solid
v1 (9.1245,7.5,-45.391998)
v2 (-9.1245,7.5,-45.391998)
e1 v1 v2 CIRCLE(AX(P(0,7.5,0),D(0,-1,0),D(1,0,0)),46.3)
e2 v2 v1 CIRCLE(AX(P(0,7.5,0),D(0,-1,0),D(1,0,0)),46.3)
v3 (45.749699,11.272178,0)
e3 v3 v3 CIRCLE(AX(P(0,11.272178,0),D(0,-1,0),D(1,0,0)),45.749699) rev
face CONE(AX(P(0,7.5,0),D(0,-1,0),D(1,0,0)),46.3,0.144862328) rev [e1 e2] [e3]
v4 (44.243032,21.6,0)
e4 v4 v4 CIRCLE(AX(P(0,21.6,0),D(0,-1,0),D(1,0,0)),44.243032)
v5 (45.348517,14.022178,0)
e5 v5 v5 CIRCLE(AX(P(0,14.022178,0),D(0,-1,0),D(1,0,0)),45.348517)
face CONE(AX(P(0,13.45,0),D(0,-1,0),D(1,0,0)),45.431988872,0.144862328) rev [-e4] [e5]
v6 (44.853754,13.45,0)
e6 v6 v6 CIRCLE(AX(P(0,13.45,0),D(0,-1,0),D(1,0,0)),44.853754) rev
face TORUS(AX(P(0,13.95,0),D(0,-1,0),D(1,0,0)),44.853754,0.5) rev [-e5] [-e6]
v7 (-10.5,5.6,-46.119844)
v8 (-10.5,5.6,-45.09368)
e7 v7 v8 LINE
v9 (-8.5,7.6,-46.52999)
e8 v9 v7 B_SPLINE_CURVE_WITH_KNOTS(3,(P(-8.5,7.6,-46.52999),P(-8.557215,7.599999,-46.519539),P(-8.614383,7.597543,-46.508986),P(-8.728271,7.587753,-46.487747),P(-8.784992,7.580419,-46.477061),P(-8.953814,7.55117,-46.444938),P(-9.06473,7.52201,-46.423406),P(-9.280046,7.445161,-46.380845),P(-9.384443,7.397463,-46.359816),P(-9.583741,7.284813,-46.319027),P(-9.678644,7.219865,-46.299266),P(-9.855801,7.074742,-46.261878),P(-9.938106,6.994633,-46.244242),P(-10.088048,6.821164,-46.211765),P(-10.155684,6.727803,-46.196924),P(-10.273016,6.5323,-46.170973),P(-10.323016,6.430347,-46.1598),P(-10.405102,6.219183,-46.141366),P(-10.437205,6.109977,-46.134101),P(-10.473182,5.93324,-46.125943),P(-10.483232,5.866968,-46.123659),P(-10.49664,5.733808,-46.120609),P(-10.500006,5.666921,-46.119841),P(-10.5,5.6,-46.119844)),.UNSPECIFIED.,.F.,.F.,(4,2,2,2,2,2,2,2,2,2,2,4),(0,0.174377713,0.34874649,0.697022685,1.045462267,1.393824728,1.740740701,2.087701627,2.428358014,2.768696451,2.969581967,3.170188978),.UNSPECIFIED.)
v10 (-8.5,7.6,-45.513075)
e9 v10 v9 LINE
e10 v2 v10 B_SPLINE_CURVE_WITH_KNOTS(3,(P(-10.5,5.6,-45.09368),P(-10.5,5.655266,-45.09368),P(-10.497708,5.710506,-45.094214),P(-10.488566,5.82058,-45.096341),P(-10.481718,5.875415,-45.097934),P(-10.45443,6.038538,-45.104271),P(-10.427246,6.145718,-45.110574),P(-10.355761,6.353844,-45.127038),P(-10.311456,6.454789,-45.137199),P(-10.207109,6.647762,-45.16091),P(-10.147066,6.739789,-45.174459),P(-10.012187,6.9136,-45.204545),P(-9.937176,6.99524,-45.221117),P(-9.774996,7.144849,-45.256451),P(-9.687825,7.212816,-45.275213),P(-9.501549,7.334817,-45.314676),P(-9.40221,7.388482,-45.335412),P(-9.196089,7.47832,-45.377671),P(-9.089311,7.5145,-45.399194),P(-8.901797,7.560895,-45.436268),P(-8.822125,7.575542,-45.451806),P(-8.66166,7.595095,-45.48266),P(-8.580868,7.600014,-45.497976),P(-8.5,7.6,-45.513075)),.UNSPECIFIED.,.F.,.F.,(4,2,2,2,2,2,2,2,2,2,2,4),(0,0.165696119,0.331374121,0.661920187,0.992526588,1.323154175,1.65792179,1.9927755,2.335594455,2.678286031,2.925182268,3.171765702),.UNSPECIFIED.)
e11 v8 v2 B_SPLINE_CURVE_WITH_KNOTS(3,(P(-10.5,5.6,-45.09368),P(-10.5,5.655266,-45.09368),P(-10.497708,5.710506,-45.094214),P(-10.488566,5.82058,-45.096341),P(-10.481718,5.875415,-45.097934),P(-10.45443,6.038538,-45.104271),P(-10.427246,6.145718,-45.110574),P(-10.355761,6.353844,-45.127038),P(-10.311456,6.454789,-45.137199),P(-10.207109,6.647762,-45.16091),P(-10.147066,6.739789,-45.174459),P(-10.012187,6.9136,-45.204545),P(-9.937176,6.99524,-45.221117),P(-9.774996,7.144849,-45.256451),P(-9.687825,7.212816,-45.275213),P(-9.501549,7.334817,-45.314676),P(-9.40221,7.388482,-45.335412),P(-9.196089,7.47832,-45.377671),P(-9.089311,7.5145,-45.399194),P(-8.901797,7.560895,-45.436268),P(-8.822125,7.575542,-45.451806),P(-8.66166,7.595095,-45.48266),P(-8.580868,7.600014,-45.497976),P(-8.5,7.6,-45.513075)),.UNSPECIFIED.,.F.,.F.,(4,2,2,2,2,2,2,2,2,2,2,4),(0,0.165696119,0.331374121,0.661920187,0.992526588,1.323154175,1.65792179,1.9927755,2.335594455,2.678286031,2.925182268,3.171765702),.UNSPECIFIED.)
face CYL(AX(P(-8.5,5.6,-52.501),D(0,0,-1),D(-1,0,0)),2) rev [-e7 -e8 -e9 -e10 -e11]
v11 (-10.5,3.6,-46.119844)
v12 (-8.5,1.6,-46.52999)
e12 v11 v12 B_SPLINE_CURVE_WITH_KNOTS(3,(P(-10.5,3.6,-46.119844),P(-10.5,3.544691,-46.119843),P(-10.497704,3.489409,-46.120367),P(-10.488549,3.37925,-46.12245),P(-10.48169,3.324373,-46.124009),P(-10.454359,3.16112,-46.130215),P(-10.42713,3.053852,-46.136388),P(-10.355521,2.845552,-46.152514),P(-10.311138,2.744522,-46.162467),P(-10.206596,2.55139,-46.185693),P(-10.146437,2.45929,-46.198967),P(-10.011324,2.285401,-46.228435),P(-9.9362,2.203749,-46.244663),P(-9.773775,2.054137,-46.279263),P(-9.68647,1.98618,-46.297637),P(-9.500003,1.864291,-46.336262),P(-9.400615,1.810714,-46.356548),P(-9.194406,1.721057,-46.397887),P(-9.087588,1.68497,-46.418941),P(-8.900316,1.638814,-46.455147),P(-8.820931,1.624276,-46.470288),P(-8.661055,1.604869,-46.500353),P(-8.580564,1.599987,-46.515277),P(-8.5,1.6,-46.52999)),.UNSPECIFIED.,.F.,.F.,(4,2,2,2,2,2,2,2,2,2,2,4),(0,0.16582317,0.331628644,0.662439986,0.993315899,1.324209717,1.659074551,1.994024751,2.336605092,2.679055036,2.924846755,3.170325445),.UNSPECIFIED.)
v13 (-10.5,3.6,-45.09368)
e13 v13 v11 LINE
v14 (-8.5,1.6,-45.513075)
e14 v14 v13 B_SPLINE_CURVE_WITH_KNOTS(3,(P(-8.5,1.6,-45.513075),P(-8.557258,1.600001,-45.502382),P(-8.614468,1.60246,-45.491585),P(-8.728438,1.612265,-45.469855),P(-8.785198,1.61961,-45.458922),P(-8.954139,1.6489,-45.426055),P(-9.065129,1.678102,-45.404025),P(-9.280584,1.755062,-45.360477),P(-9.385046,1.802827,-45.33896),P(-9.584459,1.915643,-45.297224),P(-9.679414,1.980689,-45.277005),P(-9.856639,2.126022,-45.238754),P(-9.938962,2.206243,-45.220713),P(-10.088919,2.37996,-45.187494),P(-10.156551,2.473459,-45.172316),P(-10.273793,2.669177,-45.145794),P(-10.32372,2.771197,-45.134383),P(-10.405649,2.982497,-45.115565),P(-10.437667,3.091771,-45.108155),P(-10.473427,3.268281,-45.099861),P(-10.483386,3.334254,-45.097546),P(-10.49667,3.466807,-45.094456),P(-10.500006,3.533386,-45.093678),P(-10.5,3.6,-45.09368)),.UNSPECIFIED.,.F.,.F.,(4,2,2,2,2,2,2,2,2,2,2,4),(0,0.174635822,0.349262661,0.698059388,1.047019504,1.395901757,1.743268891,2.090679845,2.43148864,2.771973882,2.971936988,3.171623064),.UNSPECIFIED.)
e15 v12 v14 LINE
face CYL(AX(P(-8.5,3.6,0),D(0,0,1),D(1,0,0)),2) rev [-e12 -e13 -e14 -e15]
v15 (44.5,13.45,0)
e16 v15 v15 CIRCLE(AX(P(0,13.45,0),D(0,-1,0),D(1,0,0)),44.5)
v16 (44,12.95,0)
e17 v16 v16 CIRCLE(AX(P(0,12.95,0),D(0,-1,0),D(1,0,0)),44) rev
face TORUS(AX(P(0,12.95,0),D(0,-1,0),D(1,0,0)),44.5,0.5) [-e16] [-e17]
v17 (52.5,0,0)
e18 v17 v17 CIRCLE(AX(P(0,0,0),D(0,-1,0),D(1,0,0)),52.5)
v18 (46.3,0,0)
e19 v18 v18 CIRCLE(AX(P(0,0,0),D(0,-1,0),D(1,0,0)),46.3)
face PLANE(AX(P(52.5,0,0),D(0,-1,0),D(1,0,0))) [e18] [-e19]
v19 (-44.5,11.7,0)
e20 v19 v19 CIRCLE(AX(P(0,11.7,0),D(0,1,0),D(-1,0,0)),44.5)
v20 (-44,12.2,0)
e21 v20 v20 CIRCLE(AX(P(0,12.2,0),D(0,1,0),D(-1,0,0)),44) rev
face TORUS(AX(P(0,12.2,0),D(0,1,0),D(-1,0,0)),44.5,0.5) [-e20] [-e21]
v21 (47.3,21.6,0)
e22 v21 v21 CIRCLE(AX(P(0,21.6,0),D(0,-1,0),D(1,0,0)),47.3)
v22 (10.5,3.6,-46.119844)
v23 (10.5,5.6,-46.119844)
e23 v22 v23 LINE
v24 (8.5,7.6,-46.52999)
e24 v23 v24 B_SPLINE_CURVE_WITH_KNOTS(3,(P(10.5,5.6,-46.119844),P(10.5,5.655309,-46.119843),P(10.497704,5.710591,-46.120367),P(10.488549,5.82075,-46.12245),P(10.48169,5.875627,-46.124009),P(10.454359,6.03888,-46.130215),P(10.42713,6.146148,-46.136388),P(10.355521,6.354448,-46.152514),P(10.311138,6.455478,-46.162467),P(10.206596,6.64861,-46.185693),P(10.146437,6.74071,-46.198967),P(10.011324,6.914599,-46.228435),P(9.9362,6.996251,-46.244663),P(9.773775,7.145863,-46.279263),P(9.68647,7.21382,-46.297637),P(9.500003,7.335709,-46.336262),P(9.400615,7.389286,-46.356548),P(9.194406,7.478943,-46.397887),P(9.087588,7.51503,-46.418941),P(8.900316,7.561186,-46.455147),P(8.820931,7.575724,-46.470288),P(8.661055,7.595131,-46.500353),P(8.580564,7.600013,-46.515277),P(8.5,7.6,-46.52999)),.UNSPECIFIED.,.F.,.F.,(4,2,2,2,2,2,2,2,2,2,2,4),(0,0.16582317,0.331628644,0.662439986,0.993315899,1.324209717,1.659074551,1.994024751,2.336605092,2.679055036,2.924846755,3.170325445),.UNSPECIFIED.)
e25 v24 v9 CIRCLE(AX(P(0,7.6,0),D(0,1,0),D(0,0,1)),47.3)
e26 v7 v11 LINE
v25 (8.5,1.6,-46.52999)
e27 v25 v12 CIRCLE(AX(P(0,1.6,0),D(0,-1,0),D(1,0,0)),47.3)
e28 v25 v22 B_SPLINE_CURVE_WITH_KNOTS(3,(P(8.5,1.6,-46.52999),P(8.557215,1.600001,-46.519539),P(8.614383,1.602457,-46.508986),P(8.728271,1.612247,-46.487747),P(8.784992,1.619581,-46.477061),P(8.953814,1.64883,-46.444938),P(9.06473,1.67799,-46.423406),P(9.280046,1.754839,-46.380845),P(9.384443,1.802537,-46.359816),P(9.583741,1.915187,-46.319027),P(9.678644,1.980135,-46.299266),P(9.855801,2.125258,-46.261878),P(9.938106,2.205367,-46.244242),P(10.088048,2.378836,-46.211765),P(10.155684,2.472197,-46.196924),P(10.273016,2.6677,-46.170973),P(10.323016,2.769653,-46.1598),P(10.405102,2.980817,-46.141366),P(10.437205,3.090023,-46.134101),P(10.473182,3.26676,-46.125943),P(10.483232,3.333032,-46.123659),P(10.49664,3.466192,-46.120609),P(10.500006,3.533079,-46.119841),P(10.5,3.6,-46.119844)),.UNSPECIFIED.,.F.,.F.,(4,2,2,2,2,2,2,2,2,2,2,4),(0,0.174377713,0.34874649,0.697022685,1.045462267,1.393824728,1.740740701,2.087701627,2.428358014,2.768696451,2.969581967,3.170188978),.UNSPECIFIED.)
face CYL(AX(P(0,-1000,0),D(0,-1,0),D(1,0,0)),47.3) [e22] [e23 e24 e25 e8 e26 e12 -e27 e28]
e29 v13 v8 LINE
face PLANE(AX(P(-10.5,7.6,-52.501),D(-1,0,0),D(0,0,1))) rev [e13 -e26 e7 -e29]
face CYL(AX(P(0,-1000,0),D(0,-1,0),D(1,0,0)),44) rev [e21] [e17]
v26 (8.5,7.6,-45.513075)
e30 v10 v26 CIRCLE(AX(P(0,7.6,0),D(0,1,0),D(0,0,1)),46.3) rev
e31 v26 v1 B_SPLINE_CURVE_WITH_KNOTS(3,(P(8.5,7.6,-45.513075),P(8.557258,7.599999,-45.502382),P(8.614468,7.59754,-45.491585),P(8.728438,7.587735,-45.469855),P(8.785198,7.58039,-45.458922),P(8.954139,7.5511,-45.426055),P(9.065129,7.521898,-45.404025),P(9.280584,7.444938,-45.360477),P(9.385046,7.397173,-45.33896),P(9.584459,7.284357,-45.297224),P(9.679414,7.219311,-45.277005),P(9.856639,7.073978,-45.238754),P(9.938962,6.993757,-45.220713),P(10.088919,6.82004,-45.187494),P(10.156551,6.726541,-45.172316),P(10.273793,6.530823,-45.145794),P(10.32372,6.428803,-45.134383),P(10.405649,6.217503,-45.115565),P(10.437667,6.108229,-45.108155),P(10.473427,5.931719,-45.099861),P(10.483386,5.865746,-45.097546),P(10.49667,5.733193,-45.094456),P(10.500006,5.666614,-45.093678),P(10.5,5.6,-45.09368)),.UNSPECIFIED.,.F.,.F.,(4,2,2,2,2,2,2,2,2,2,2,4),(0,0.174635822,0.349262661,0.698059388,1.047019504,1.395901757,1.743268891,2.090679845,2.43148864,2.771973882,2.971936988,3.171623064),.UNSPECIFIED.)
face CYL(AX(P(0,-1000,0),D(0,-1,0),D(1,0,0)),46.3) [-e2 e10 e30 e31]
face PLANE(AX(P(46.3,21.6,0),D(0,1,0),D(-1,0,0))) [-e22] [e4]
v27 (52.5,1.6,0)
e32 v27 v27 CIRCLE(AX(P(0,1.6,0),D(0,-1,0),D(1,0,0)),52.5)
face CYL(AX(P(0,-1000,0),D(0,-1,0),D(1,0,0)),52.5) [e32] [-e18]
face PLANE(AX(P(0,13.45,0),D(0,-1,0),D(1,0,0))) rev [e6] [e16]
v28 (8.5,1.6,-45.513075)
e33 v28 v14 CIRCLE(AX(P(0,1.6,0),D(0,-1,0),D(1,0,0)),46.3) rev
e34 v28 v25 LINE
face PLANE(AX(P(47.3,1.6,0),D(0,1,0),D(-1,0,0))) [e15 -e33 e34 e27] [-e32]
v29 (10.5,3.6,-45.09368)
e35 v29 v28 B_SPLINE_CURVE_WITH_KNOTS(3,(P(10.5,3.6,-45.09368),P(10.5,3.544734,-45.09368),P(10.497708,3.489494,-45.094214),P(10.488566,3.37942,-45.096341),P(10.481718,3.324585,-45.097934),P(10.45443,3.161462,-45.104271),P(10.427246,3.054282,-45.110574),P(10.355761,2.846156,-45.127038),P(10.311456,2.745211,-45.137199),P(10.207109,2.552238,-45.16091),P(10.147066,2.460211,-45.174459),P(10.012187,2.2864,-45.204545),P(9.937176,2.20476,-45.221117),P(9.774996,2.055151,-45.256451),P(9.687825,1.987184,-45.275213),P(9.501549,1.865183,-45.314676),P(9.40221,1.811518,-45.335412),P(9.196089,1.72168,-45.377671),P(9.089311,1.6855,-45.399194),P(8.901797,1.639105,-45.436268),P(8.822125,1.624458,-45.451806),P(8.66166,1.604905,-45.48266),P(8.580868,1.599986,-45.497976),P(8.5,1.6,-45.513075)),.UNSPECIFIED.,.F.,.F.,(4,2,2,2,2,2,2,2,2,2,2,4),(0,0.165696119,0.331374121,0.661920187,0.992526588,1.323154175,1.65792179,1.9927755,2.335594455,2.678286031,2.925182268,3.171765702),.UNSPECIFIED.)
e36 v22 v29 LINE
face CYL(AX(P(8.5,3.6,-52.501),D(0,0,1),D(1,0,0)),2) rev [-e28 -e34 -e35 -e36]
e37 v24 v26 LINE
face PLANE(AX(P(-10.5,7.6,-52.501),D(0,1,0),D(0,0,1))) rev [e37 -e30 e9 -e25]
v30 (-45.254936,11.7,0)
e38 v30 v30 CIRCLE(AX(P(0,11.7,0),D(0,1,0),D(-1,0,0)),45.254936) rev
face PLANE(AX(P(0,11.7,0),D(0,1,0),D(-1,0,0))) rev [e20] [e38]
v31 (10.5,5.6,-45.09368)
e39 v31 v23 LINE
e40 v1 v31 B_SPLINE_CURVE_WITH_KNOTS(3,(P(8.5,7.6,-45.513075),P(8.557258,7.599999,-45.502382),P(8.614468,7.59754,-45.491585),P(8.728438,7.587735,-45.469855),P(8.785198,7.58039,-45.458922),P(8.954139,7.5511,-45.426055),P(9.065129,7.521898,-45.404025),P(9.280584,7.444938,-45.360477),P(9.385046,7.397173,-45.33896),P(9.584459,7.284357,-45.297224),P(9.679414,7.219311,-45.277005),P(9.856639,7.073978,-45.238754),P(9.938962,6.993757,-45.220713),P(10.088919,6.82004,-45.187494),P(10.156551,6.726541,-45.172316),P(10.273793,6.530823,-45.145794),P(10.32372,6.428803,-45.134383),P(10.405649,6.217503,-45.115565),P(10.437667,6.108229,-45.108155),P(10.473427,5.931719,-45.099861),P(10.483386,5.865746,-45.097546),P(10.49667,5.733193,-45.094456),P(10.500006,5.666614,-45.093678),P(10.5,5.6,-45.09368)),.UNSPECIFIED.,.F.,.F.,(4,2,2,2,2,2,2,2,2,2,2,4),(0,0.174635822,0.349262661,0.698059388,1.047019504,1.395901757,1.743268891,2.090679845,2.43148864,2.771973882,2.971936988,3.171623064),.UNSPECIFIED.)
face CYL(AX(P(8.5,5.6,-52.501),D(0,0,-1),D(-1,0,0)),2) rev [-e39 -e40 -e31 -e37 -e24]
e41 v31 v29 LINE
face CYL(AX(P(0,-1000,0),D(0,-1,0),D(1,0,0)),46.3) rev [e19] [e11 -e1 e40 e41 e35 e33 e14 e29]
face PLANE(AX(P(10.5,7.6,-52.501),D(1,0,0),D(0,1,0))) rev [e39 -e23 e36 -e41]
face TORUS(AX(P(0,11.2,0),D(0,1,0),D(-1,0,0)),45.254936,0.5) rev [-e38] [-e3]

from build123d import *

# Parameters (mm, degrees)
CUT_EXTRUDE1_REACH      = 79.324
CUT_EXTRUDE1_END_RADIUS = 47.3
SKETCH4_W               = 21
SKETCH4_H               = 6
FILLET1_R               = 2
FILLET2_R               = 0.5


with BuildPart() as part:
    # Sketch2 → Revolve1 (revolve)
    with BuildSketch(Plane.XY):
        Polygon((46.3, 0), (46.3, 21.6), (47.3, 21.6), (47.3, 1.6), (52.5, 1.6), (52.5, 0), align=None)
    revolve(axis=Axis((0, -1000, 0), (0, 1, 0)))

    # Cut-Extrude1: up to this cylinder (the profile starts inside it)
    cut_extrude1_end = Plane(origin=(0, 4.6, 0), z_dir=(0, -1, 0)) * Cylinder(CUT_EXTRUDE1_END_RADIUS, 254.248, mode=Mode.PRIVATE)
    # Sketch4 → Cut-Extrude1 (cut, up to the surface)
    with BuildSketch(Plane.XY, mode=Mode.PRIVATE) as cut_extrude1_sk1:
        with Locations((0, 4.6)):
            Rectangle(SKETCH4_W, SKETCH4_H)
    cut_extrude1_tool1 = extrude(cut_extrude1_sk1.sketch, amount=-CUT_EXTRUDE1_REACH, mode=Mode.PRIVATE) & cut_extrude1_end
    add(cut_extrude1_tool1.solids().sort_by_distance((0, 4.6, 0))[0], mode=Mode.SUBTRACT)

    # Fillet1
    fillet1_edges = [part.edges().sort_by_distance(p)[0] for p in [
        (10.5, 1.6, -45.606762076),
        (-10.5, 7.6, -45.606762076),
        (10.5, 7.6, -45.606762076),
        (-10.5, 1.6, -45.606762076),
    ]]
    fillet(fillet1_edges, radius=FILLET1_R)

    # Sketch6 → Revolve2 (revolve)
    with BuildSketch(Plane.XY, mode=Mode.PRIVATE) as revolve2_sk:
        Polygon((-46.3, 7.5), (-44.243032454, 21.6), (-46.3, 21.6), align=None)
        Polygon((-45.431988872, 13.45), (-45.687286263, 11.7), (-44, 11.7), (-44, 13.45), align=None)
    revolve(revolve2_sk.sketch.rotate(Axis((0, -1000, 0), (0, 1, 0)), 180), axis=Axis((0, -1000, 0), (0, 1, 0)))

    # Fillet2
    fillet2_edges = [part.edges().sort_by_distance(p)[0] for p in [
        (-45.687286263, 11.7, 0),
        (-44, 11.7, 0),
        (-44, 13.45, 0),
        (-45.431988872, 13.45, 0),
    ]]
    fillet(fillet2_edges, radius=FILLET2_R)


solid = part.part
